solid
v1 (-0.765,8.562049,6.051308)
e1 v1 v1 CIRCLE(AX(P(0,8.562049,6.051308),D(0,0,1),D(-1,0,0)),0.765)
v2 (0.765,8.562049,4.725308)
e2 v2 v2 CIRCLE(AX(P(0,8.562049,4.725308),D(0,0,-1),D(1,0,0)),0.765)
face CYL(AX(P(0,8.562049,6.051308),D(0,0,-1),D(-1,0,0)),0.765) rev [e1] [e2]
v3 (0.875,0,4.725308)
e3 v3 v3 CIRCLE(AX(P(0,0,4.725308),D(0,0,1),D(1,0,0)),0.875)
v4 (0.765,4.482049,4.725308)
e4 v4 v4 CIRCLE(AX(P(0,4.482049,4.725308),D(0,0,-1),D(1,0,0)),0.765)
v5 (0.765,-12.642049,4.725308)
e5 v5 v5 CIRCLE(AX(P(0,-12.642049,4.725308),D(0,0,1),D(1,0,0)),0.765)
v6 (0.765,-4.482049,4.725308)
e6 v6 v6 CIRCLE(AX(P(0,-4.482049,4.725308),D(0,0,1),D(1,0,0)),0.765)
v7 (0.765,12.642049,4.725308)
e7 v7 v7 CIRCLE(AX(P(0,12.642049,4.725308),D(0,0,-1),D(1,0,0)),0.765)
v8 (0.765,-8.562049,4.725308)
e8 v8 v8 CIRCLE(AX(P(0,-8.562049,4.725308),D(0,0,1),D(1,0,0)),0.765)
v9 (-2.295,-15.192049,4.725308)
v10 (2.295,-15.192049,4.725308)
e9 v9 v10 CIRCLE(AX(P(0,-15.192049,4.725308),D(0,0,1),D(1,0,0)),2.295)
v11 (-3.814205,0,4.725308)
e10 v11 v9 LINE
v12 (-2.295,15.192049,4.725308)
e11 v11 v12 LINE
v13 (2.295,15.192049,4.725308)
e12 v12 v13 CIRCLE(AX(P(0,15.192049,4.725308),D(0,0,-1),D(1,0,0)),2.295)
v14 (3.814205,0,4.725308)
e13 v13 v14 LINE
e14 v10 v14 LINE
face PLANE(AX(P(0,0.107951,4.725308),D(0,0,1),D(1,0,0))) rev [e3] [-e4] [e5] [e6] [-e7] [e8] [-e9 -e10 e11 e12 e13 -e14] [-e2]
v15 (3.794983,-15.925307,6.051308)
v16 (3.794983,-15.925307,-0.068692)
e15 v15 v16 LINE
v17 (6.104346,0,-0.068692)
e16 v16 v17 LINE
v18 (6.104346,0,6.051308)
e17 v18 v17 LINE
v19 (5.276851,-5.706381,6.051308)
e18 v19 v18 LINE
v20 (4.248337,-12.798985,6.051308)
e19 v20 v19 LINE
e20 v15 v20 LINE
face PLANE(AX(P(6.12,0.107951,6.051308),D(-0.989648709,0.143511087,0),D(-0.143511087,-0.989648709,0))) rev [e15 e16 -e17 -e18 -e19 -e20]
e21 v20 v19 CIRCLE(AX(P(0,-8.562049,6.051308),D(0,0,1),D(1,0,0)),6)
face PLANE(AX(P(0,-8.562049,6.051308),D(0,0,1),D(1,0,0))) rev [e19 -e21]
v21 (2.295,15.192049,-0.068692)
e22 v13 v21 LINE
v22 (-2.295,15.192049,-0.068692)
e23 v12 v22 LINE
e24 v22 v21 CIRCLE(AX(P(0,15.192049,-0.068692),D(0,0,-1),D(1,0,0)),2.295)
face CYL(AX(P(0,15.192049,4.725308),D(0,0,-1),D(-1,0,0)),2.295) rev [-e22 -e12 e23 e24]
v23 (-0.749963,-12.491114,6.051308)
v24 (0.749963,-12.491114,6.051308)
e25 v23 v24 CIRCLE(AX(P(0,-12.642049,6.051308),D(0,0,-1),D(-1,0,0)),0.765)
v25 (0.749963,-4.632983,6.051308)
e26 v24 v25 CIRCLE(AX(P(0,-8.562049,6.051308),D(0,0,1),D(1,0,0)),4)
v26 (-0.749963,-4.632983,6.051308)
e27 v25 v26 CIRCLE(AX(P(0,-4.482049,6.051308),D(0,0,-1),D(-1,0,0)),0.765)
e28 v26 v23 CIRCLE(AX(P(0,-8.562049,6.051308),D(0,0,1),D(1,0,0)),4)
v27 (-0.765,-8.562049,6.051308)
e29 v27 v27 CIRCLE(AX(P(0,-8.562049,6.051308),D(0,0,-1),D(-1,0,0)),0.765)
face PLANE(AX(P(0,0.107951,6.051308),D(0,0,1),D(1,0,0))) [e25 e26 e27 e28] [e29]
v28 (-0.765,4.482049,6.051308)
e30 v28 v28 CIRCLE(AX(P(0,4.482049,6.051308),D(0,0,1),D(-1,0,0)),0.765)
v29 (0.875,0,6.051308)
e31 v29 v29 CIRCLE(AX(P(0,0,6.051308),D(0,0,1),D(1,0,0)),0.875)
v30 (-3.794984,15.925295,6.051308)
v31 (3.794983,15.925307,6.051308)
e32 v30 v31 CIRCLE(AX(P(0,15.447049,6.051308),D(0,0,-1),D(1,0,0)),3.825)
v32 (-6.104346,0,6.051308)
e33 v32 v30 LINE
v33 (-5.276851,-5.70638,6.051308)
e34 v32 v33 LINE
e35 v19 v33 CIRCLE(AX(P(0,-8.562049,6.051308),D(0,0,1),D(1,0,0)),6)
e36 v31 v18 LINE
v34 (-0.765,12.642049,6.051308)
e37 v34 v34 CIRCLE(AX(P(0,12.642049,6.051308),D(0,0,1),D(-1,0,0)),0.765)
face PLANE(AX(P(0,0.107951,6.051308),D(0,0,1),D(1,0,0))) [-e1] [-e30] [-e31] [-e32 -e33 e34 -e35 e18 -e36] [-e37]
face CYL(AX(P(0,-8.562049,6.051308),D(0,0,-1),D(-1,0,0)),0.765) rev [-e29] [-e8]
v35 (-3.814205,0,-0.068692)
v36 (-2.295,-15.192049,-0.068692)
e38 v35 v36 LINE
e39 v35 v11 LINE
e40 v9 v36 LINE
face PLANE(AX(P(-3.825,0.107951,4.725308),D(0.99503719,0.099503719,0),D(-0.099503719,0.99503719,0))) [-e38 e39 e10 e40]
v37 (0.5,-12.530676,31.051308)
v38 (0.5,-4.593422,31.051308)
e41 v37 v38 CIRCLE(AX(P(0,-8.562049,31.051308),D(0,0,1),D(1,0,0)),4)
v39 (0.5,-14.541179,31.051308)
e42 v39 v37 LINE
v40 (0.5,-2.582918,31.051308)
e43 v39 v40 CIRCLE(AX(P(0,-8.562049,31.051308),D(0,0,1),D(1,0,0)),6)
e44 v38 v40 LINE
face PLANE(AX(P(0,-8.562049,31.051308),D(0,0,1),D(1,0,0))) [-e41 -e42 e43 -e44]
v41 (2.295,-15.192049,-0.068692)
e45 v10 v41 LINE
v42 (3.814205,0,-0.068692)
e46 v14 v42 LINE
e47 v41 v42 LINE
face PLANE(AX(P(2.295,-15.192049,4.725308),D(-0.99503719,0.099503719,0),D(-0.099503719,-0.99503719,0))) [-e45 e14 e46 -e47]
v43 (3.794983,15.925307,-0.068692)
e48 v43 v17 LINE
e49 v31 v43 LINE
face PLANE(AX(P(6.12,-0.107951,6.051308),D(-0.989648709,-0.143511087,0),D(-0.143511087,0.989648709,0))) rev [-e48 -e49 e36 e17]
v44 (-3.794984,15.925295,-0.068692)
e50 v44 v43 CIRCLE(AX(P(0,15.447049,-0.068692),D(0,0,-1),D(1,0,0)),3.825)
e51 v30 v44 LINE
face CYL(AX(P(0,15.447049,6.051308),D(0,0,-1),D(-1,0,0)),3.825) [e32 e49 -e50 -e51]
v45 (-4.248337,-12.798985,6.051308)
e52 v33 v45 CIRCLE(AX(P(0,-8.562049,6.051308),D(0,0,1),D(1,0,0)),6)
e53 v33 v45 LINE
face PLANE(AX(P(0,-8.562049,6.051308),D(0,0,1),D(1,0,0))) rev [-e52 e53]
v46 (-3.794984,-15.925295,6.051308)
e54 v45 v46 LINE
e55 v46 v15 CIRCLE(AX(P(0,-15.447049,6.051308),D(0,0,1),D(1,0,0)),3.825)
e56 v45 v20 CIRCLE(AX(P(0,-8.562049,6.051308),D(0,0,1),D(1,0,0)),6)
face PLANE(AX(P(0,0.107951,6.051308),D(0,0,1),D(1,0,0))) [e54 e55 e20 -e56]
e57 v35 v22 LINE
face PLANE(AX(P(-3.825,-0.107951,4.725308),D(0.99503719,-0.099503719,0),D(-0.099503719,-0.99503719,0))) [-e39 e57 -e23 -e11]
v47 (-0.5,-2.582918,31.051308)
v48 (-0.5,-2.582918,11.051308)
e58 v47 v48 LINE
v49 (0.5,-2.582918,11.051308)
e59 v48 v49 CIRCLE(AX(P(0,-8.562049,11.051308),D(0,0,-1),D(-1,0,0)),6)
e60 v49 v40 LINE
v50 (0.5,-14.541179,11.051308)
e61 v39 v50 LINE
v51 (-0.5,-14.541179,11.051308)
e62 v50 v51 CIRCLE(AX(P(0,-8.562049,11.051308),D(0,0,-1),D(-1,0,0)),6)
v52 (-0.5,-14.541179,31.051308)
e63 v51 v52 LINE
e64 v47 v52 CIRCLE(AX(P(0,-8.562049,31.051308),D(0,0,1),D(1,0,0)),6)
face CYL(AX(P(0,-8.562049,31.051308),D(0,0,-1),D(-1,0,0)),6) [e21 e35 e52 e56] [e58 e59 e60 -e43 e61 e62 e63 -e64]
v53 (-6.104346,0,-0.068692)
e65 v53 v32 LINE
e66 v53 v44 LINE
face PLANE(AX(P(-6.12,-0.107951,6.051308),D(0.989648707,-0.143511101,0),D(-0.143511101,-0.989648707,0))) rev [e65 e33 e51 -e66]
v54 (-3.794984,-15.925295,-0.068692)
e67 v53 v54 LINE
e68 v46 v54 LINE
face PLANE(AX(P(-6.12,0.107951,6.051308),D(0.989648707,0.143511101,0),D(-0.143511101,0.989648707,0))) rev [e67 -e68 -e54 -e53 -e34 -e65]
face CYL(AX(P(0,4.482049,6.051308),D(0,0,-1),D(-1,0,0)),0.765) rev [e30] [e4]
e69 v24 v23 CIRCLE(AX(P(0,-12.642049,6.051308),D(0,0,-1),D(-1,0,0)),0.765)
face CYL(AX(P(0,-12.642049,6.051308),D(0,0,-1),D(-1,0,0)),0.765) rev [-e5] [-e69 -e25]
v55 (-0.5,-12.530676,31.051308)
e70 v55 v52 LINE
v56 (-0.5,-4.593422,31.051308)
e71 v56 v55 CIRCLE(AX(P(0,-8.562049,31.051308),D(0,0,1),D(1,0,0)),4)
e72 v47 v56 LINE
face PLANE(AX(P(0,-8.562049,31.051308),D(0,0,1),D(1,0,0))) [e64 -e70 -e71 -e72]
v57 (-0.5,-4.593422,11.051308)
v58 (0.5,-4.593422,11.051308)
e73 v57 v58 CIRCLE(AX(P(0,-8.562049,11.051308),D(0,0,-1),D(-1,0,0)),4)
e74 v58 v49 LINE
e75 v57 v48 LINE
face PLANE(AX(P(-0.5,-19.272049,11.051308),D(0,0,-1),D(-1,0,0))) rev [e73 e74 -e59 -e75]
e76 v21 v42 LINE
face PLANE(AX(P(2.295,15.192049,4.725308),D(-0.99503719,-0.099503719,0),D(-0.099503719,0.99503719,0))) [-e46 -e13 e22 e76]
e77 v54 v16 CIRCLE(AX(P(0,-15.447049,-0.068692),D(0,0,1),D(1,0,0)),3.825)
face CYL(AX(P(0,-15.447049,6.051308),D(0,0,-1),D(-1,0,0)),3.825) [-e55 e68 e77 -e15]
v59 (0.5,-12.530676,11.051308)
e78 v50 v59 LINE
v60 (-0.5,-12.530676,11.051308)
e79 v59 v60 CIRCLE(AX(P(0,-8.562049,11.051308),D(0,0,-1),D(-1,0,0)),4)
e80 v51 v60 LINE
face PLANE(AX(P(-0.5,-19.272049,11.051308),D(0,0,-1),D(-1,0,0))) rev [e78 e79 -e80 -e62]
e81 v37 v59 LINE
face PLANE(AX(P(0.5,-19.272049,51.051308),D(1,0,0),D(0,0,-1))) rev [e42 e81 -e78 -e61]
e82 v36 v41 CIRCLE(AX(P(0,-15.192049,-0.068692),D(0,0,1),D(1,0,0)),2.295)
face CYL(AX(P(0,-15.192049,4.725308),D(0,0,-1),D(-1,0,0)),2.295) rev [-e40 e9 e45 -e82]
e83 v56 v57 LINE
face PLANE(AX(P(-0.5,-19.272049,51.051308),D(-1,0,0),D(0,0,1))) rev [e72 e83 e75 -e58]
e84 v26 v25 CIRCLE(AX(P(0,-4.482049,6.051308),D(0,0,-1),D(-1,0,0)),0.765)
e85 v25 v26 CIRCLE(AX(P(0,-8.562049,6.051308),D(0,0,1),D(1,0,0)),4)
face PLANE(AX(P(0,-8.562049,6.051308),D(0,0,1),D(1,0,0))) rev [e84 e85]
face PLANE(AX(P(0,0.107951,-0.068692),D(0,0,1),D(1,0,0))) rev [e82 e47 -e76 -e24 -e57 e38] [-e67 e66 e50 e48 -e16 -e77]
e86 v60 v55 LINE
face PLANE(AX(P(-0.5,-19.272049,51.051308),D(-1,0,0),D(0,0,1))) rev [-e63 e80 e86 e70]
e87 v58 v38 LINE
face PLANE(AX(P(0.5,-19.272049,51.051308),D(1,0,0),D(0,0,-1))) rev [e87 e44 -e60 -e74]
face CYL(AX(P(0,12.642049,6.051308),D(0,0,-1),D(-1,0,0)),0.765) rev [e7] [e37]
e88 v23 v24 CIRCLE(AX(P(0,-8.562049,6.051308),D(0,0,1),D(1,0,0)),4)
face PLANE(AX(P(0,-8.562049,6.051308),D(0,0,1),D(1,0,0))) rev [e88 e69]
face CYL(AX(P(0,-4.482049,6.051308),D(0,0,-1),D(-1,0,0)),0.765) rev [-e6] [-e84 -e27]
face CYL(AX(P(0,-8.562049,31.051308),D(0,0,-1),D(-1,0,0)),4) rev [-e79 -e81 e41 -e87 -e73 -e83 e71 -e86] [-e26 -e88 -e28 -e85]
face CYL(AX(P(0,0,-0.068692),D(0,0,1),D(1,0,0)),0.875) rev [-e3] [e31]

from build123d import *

# Parameters (mm, degrees)
BOSS_EXTRUDE1_DEPTH     = 6
CUT_EXTRUDE3_DEPTH      = 4.7
CUT_EXTRUDE4_DEPTH      = 21.471687766
CUT_EXTRUDE4_DEPTH_BACK = 21.471687766
SKETCH4_R               = 0.75
SKETCH6_R               = 0.75
CUT_EXTRUDE6_DEPTH      = 21.471687766
LPATTERN1_COUNT         = 3
LPATTERN1_PITCH         = 4
SCALE1_SCALE            = 1.02
SKETCH7_W               = 12.24
SKETCH7_H               = 6.12
CUT_EXTRUDE7_DEPTH      = 22.106506047
SKETCH8_R               = 0.875
CUT_EXTRUDE8_DEPTH      = 22.121773144
SKETCH9_R               = 6
SKETCH9_R_2             = 4
BOSS_EXTRUDE2_DEPTH     = 25
SKETCH10_W              = 1
SKETCH10_H              = 40
CUT_EXTRUDE9_DEPTH      = 38.052107321


with BuildPart() as part:
    # Sketch2 → Boss-Extrude1 (new body)
    with BuildSketch(Plane.XY):
        with BuildLine():
            Line((-6, 0), (-3.720572803, -15.718868867))
            ThreePointArc((-3.720572803, -15.718868867), (-5.969e-06, -19), (3.720571311, -15.71888071))
            Line((3.720571311, -15.71888071), (6, 0))
            ThreePointArc((6, 0), (0, 6), (-6, 0))
        make_face()
    extrude(amount=BOSS_EXTRUDE1_DEPTH)

    # Sketch3 → Cut-Extrude3 (cut)
    with BuildSketch(Plane.XY):
        with BuildLine():
            Line((-3.75, 0), (-2.25, -15))
            ThreePointArc((-2.25, -15), (0, -17.25), (2.25, -15))
            Line((2.25, -15), (3.75, 0))
            ThreePointArc((3.75, 0), (0, 3.75), (-3.75, 0))
        make_face()
    extrude(amount=CUT_EXTRUDE3_DEPTH, mode=Mode.SUBTRACT)

    # Sketch4 → Cut-Extrude4 (cut, two sides: drawn at the far end of the back side and taken through both)
    with BuildSketch(Plane(origin=(0, 0, 4.7), x_dir=(-1, 0, 0), z_dir=(0, 0, -1)).offset(-CUT_EXTRUDE4_DEPTH_BACK)):
        Circle(SKETCH4_R)
    extrude(amount=CUT_EXTRUDE4_DEPTH + CUT_EXTRUDE4_DEPTH_BACK, mode=Mode.SUBTRACT)

    # Sketch6 → Cut-Extrude6 (cut, symmetric)
    with BuildSketch(Plane(origin=(0, 0, 4.7), x_dir=(-1, 0, 0), z_dir=(0, 0, -1))):
        with Locations((0, -4.5)):
            Circle(SKETCH6_R)
    cut_extrude6 = extrude(amount=CUT_EXTRUDE6_DEPTH, both=True, mode=Mode.SUBTRACT)

    # LPattern1: Cut-Extrude6 ×3
    with Locations(*[(0, -i * LPATTERN1_PITCH, 0) for i in range(1, LPATTERN1_COUNT)]):
        add(cut_extrude6, mode=Mode.SUBTRACT)


with BuildPart() as part_1:
    # Scale1: scaled about (6e-08, -5.397561761, 3.434577722)
    add(part.part.scale(SCALE1_SCALE).moved(Location((-1e-09, 0.107951235, -0.068691554))))

    # Sketch7 → Cut-Extrude7 (cut, through all)
    with BuildSketch(Plane(origin=(0, 0, 0), x_dir=(1, 0, 0), z_dir=(0, 1, 0))):
        with Locations((-1e-09, -2.991308446)):
            Rectangle(SKETCH7_W, SKETCH7_H)
    extrude(amount=CUT_EXTRUDE7_DEPTH, mode=Mode.SUBTRACT)

    # Mirror3: part across plane


with BuildPart() as part_2:
    add(part_1.part)
    add(part_1.part.mirror(Plane.ZX))

    # Sketch8 → Cut-Extrude8 (cut, through all)
    with BuildSketch(Plane.XY.offset(6.051308446)):
        Circle(SKETCH8_R)
    extrude(amount=-CUT_EXTRUDE8_DEPTH, mode=Mode.SUBTRACT)

    # Sketch9 → Boss-Extrude2 (add)
    with BuildSketch(Plane.XY.offset(6.051308446)):
        with Locations(Location((-1e-09, -8.562048765, 0), (0, 0, 151.579121381))):
            Circle(SKETCH9_R)
        with Locations(Location((-1e-09, -8.562048765, 0), (0, 0, 100.806376462))):
            Circle(SKETCH9_R_2, mode=Mode.SUBTRACT)
    extrude(amount=BOSS_EXTRUDE2_DEPTH)

    # Sketch10 → Cut-Extrude9 (cut, through all)
    with BuildSketch(Plane(origin=(0, 0, 0), x_dir=(1, 0, 0), z_dir=(0, 1, 0))):
        with Locations((0, -31.051308446)):
            Rectangle(SKETCH10_W, SKETCH10_H)
    extrude(amount=-CUT_EXTRUDE9_DEPTH, mode=Mode.SUBTRACT)


solid = part_2.part
